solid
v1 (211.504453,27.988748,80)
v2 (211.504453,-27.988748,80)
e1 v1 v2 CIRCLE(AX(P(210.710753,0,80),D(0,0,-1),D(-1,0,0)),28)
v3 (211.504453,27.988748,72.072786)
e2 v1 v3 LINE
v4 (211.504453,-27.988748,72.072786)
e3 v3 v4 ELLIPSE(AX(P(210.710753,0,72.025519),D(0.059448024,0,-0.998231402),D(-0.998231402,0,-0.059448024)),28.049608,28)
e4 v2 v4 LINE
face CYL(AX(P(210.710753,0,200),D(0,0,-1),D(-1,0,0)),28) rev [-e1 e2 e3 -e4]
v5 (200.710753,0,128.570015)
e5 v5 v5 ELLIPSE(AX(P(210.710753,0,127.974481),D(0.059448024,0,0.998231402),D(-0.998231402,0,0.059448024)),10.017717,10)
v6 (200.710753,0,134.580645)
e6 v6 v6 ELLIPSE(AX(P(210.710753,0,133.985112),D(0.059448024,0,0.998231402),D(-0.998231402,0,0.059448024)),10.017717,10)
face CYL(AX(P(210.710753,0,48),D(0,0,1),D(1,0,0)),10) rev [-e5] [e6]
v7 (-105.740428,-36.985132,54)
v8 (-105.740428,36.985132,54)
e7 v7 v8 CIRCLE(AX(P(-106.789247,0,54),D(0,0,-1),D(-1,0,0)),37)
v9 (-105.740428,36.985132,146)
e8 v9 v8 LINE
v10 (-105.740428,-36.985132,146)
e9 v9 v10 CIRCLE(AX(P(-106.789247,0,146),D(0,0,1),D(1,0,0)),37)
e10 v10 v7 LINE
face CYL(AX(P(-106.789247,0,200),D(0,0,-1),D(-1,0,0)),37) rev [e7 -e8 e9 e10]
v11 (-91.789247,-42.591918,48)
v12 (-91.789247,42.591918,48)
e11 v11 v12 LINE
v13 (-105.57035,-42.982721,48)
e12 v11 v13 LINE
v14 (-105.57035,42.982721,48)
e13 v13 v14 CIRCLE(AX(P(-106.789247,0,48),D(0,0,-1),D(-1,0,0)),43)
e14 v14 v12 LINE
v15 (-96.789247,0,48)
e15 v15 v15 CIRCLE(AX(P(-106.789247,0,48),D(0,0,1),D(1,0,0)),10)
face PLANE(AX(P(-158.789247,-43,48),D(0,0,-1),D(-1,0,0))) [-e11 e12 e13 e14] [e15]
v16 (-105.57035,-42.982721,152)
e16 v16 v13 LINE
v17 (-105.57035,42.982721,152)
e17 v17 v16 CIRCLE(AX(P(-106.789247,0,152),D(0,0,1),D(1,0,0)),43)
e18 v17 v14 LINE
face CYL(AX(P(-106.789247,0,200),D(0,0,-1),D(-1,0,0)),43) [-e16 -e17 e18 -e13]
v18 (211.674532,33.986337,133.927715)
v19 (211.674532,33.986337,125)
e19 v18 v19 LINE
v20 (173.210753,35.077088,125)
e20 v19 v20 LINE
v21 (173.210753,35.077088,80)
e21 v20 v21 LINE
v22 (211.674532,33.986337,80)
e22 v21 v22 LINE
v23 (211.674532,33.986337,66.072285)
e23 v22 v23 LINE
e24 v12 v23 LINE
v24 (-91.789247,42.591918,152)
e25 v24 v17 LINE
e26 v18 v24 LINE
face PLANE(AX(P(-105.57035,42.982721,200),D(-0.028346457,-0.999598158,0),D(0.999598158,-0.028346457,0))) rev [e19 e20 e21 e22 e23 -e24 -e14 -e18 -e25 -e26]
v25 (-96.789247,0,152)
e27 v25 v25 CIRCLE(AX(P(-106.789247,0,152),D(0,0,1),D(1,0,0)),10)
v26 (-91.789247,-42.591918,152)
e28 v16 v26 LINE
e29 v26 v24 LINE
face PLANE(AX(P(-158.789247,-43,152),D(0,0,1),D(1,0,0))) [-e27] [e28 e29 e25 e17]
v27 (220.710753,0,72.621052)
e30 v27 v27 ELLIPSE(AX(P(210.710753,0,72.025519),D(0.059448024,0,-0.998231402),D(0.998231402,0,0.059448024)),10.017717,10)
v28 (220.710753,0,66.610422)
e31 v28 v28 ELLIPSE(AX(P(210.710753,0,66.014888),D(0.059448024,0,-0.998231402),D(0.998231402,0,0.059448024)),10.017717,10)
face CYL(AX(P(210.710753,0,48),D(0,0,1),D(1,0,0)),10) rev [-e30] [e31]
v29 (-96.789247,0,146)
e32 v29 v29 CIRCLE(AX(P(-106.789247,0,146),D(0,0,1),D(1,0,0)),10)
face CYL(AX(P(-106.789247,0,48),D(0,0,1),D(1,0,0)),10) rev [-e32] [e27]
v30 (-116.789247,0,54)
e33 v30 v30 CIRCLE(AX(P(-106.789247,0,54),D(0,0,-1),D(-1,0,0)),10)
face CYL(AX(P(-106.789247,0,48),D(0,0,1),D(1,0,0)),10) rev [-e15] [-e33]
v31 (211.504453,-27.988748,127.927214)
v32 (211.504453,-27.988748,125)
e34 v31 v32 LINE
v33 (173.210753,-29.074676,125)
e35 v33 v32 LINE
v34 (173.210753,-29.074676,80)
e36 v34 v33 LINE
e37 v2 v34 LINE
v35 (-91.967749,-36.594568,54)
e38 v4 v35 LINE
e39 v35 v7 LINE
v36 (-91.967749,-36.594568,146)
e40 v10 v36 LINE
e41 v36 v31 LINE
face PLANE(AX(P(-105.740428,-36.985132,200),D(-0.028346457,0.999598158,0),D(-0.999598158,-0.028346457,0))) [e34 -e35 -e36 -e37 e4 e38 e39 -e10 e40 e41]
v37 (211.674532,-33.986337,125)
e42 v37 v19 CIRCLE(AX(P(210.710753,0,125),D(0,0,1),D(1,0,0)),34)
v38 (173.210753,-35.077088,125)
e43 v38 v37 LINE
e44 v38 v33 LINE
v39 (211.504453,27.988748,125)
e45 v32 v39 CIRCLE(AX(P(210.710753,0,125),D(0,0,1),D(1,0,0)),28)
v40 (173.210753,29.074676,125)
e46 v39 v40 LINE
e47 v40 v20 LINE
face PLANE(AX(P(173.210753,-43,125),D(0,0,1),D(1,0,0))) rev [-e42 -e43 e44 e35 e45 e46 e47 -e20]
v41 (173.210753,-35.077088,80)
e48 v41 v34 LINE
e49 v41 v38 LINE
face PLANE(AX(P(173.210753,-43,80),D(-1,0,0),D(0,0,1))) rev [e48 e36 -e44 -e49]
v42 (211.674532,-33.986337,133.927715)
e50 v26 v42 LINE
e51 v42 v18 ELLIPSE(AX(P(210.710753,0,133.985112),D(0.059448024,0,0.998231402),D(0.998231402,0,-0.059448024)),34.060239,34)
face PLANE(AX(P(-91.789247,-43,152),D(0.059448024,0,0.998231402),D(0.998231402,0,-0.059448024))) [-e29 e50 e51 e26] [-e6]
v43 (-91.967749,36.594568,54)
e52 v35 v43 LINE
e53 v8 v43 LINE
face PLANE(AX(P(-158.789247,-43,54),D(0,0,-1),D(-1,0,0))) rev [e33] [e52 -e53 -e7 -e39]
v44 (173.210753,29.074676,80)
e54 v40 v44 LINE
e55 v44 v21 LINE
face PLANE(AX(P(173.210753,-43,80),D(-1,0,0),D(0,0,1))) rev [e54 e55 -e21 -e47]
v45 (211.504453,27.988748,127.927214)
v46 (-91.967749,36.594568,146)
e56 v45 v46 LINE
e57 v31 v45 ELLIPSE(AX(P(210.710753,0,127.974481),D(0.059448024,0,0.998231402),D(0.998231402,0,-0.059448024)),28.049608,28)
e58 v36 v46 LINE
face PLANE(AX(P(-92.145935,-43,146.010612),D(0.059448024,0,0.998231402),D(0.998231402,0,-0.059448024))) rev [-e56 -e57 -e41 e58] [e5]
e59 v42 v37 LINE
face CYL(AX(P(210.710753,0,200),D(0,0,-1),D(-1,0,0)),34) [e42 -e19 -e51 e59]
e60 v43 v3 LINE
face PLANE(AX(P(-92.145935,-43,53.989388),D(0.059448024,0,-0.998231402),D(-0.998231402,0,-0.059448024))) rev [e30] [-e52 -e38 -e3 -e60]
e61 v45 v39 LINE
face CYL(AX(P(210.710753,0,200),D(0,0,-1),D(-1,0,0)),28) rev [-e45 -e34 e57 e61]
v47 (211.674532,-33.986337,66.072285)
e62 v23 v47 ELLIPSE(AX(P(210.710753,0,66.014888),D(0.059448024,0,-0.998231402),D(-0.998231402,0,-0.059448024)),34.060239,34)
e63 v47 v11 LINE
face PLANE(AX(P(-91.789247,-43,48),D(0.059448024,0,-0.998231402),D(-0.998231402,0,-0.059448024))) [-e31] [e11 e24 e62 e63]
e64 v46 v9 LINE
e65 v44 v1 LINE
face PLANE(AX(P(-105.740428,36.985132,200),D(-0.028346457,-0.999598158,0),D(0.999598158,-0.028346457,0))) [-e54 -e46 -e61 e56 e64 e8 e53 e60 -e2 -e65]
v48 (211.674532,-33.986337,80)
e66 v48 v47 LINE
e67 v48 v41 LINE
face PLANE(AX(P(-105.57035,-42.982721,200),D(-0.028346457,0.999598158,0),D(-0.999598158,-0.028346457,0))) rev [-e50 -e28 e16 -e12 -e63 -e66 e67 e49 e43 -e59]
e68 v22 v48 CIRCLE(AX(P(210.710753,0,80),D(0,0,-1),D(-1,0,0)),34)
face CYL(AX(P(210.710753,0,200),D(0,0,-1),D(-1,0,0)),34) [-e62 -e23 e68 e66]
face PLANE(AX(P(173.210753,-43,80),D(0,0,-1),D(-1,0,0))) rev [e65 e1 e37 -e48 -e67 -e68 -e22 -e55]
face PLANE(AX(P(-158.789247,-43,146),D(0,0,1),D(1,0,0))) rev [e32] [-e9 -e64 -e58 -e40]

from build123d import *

# Parameters (mm, degrees)
EXTRUSION1_DEPTH             = 200
ENL_V_MAT_EXTRU_1_DEPTH      = 319.955094772
ENL_V_MAT_EXTRU_1_DEPTH_BACK = 319.955094772
ESQUISSE4_OUTSIDE_W          = 486.616
ESQUISSE4_OUTSIDE_H          = 292.116
COQUE5_T                     = 6
ENL_V_MAT_EXTRU_2_DEPTH      = 292.26680635
ENL_V_MAT_EXTRU_2_DEPTH_BACK = 292.26680635
ESQUISSE5_W                  = 100
ESQUISSE5_H                  = 45
ESQUISSE6_R                  = 10
ENL_V_MAT_EXTRU_3_DEPTH      = 270.348013695
ESQUISSE7_R                  = 10
ENL_V_MAT_EXTRU_4_DEPTH      = 270.348013695


with BuildPart() as part:
    # Esquisse2 → Extrusion1 (new body)
    with BuildSketch(Plane.XY):
        with BuildLine():
            Line((-105.570349674, 42.982720814), (211.674532216, 33.986337388))
            ThreePointArc((211.674532216, 33.986337388), (244.710752688, 0), (211.674532216, -33.986337388))
            Line((211.674532216, -33.986337388), (-105.570349674, -42.982720814))
            ThreePointArc((-105.570349674, -42.982720814), (-149.789247312, 0), (-105.570349674, 42.982720814))
        make_face()
    extrude(amount=EXTRUSION1_DEPTH)

    # Esquisse4 outside → Enlèv. mat.-Extru.1 (cut, two sides: drawn at the far end of the back side and taken through both)
    with BuildSketch(Plane(origin=(0, 0, 0), x_dir=(1, 0, 0), z_dir=(0, 1, 0)).offset(-ENL_V_MAT_EXTRU_1_DEPTH_BACK)):
        with Locations((47.461, -100)):
            Rectangle(ESQUISSE4_OUTSIDE_W, ESQUISSE4_OUTSIDE_H)
        Polygon((-158.789247312, -152), (-158.789247312, -48), (-91.789247312, -48), (311.210752688, -72), (311.210752688, -128), (-91.789247312, -152), align=None, mode=Mode.SUBTRACT)
    extrude(amount=ENL_V_MAT_EXTRU_1_DEPTH + ENL_V_MAT_EXTRU_1_DEPTH_BACK, mode=Mode.SUBTRACT)

    # Coque5 (no face opened: a closed hollow body)
    add(offset(amount=-COQUE5_T, mode=Mode.PRIVATE), mode=Mode.SUBTRACT)

    # Esquisse5 → Enlèv. mat.-Extru.2 (cut, two sides: drawn at the far end of the back side and taken through both)
    with BuildSketch(Plane(origin=(0, 0, 0), x_dir=(1, 0, 0), z_dir=(0, 1, 0)).offset(-ENL_V_MAT_EXTRU_2_DEPTH_BACK)):
        with Locations((223.210752688, -102.5)):
            Rectangle(ESQUISSE5_W, ESQUISSE5_H)
    extrude(amount=ENL_V_MAT_EXTRU_2_DEPTH + ENL_V_MAT_EXTRU_2_DEPTH_BACK, mode=Mode.SUBTRACT)

    # Esquisse6 → Enlèv. mat.-Extru.3 (cut, through all)
    with BuildSketch(Plane.XY.offset(152)):
        with Locations((210.710752688, 0)):
            Circle(ESQUISSE6_R)
    extrude(amount=-ENL_V_MAT_EXTRU_3_DEPTH, mode=Mode.SUBTRACT)

    # Esquisse7 → Enlèv. mat.-Extru.4 (cut, through all)
    with BuildSketch(Plane.XY.offset(152)):
        with Locations((-106.789247312, 0)):
            Circle(ESQUISSE7_R)
    extrude(amount=-ENL_V_MAT_EXTRU_4_DEPTH, mode=Mode.SUBTRACT)


solid = part.part
